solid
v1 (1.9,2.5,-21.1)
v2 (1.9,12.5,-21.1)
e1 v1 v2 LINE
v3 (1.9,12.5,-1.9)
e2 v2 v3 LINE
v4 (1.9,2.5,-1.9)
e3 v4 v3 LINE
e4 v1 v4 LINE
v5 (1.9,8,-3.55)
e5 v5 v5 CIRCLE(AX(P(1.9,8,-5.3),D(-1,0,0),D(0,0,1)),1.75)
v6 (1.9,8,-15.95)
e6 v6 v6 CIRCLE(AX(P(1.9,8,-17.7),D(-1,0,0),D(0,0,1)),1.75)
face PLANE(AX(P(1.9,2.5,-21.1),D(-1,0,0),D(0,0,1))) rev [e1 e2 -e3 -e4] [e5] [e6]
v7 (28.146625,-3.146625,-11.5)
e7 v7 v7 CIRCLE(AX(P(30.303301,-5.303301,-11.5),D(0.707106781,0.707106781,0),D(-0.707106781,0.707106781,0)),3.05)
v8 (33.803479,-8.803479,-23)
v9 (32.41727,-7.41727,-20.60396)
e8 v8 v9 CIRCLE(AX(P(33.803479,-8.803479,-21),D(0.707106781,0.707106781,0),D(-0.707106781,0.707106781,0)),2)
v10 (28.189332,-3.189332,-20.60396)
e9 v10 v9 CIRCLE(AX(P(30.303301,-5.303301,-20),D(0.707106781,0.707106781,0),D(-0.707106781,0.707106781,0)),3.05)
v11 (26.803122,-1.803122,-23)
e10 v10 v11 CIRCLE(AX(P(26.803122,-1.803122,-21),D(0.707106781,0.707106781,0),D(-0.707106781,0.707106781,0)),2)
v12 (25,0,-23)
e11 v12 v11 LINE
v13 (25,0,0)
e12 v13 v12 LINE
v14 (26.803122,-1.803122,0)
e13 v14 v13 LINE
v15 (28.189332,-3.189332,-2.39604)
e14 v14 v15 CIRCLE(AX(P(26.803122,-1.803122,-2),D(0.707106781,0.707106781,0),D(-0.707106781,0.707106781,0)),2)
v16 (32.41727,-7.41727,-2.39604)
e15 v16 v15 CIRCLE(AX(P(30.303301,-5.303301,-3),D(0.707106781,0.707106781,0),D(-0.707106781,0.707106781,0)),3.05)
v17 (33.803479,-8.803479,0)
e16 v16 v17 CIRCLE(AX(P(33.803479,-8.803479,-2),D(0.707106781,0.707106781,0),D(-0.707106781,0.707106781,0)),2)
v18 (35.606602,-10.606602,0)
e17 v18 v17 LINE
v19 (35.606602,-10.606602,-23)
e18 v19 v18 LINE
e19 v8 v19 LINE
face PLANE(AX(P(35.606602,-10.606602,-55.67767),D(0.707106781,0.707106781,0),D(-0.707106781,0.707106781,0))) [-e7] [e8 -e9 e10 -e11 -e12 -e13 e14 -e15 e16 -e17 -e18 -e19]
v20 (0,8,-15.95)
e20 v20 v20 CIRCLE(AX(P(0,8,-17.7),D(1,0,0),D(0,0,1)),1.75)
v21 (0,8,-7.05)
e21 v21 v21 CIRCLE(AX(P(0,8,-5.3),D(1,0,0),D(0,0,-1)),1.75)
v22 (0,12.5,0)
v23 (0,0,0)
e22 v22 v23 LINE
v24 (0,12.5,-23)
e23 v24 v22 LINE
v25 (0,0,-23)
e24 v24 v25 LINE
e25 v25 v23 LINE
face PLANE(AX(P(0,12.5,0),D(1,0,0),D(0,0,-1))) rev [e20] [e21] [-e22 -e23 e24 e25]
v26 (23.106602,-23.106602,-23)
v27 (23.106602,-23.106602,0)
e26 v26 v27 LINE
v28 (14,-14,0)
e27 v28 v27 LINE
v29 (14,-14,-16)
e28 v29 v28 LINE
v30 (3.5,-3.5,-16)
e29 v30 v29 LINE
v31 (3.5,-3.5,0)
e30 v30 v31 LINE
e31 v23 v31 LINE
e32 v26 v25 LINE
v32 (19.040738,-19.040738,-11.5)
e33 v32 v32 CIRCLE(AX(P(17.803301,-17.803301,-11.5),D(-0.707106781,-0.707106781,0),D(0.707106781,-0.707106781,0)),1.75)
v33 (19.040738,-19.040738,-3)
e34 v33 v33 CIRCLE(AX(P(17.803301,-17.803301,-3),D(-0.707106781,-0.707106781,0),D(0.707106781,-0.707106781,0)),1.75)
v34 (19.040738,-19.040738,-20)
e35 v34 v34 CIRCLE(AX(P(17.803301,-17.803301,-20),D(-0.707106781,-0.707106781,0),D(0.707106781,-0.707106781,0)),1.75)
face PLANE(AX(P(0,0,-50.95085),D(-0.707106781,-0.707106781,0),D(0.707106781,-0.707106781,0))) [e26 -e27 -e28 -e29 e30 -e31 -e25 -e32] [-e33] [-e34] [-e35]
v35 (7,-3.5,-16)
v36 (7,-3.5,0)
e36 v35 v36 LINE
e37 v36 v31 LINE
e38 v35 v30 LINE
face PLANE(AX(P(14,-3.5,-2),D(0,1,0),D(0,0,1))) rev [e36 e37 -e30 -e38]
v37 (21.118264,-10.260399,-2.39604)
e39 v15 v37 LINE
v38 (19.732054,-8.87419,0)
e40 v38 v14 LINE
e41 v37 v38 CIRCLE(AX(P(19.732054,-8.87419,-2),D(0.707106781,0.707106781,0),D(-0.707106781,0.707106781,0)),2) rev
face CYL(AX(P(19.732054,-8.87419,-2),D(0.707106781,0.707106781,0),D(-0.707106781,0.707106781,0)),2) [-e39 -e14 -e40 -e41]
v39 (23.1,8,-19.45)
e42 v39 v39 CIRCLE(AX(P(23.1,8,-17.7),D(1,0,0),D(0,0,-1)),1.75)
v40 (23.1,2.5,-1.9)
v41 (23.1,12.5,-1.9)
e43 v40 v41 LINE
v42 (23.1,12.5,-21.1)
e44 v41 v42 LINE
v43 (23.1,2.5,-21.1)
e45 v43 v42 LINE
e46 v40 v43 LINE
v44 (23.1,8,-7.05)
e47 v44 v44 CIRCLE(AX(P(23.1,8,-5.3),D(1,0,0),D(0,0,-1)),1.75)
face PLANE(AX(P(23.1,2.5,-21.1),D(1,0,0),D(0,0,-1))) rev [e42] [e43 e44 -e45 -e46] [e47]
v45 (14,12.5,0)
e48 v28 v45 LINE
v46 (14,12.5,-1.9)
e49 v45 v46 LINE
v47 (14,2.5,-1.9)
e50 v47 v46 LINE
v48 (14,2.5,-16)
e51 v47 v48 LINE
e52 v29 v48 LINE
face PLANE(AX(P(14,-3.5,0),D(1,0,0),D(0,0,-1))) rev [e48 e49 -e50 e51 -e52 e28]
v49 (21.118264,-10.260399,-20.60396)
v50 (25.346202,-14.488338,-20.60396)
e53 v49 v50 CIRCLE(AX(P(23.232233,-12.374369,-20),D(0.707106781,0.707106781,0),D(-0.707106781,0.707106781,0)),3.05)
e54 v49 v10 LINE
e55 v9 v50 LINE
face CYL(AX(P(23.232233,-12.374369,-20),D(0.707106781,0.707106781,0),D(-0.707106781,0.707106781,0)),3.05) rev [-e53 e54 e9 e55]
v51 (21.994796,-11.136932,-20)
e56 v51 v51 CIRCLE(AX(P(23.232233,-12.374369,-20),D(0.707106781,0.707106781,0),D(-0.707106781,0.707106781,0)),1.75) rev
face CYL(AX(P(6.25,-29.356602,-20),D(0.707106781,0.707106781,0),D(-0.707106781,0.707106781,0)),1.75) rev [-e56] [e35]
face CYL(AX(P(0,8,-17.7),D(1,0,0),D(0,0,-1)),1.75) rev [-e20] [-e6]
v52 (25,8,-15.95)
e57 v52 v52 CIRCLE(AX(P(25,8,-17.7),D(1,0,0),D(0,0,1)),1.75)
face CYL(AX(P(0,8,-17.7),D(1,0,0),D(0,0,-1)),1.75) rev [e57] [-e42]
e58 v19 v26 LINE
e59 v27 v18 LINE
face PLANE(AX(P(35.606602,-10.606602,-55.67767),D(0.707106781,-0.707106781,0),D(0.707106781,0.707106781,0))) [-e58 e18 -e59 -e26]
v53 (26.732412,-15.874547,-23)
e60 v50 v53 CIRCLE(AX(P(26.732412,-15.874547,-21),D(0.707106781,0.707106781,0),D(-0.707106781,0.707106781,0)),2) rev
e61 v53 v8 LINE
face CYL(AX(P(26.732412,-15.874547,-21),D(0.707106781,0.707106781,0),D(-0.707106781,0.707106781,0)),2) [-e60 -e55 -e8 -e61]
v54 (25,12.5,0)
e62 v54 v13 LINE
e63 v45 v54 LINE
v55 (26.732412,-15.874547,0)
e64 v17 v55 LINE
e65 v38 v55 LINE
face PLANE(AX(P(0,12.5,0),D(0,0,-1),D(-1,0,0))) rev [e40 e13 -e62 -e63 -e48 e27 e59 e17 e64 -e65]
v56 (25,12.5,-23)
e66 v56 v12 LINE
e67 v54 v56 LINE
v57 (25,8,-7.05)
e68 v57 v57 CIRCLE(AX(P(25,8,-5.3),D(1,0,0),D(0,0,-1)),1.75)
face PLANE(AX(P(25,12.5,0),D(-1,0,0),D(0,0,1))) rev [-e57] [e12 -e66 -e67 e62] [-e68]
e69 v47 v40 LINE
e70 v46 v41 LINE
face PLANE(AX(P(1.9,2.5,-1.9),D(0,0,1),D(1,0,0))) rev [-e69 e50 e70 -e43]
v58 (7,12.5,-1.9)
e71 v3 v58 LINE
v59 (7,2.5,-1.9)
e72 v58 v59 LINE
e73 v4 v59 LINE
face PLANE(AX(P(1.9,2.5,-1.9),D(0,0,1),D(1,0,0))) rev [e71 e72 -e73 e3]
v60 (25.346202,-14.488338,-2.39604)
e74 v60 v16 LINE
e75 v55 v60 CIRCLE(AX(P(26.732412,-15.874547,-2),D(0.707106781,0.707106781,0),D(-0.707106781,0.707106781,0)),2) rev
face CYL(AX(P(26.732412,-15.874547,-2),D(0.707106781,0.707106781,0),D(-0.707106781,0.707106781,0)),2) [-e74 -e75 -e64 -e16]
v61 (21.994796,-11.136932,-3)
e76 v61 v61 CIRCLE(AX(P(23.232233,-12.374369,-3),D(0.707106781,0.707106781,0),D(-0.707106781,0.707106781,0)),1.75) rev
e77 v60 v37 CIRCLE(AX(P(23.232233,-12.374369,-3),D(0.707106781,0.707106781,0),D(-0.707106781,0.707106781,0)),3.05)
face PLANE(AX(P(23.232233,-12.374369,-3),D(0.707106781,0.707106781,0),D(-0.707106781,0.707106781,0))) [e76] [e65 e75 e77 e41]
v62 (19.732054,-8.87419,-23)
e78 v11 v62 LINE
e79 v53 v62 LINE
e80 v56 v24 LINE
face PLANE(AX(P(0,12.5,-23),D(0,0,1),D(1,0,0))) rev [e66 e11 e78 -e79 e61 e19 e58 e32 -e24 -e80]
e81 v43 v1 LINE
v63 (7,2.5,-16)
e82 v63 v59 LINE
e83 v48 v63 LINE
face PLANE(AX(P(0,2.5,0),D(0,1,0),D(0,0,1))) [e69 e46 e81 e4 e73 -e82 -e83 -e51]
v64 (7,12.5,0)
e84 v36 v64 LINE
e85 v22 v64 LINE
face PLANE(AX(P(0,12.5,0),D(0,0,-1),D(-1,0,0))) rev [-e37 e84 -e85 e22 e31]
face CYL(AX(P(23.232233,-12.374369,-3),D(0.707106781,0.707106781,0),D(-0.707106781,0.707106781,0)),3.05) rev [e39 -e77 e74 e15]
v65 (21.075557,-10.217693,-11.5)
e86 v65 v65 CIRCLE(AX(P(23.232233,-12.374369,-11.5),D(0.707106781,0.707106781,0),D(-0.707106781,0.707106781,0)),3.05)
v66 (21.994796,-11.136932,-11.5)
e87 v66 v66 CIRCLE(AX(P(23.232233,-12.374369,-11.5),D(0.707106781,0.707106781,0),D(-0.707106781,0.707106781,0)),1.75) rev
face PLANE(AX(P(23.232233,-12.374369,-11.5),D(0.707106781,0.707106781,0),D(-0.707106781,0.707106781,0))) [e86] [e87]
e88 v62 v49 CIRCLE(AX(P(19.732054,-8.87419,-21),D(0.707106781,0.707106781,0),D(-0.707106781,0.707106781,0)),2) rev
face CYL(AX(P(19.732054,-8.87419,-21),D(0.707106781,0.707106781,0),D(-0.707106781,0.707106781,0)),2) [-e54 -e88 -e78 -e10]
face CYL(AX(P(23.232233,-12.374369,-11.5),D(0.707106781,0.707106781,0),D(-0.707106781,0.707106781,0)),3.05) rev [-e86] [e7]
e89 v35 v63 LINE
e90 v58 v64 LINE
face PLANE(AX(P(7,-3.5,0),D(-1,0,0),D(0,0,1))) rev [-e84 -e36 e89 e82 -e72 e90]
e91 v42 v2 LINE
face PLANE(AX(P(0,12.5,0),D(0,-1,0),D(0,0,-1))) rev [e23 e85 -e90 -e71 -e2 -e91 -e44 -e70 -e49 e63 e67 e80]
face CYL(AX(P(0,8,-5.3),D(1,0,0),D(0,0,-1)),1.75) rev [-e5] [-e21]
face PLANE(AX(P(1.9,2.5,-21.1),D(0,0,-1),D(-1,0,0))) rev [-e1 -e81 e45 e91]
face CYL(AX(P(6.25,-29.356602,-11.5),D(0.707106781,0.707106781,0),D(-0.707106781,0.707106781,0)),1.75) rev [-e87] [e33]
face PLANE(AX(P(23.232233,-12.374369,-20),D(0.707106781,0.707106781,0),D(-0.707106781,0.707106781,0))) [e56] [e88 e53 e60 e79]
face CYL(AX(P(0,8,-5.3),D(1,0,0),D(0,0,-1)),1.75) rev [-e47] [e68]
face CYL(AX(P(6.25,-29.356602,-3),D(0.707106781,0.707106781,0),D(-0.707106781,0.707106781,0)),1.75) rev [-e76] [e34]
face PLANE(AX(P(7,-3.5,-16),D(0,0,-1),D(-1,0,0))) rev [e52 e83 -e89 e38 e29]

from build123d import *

# Parameters (mm, degrees)
SKETCH1_W           = 25
SKETCH1_H           = 23
BOSS_EXTRUDE1_DEPTH = 12.5
SKETCH4_W           = 21.2
SKETCH4_H           = 19.2
CUT_EXTRUDE2_DEPTH  = 10
BOSS_EXTRUDE2_DEPTH = 23
SKETCH2_W           = 7
SKETCH2_H           = 16
CUT_EXTRUDE1_DEPTH  = 16
BOSS_EXTRUDE3_DEPTH = 23
SKETCH7_R           = 1.75
CUT_EXTRUDE3_DEPTH  = 35.016504294
SKETCH8_R           = 3.05
CUT_EXTRUDE8_DEPTH  = 10
FILLET1_R           = 2
CUT_EXTRUDE9_DEPTH  = 2
SKETCH11_R          = 1.75
CUT_EXTRUDE10_DEPTH = 26
CUT_EXTRUDE11_DEPTH = 14


with BuildPart() as part:
    # Sketch1 → Boss-Extrude1 (new body)
    with BuildSketch(Plane(origin=(0, 0, 0), x_dir=(1, 0, 0), z_dir=(0, 1, 0))):
        with Locations((12.5, 11.5)):
            Rectangle(SKETCH1_W, SKETCH1_H)
    extrude(amount=BOSS_EXTRUDE1_DEPTH)

    # Sketch4 → Cut-Extrude2 (cut)
    with BuildSketch(Plane(origin=(0, 12.5, 0), x_dir=(1, 0, 0), z_dir=(0, 1, 0))):
        with Locations((12.5, 11.5)):
            Rectangle(SKETCH4_W, SKETCH4_H)
    extrude(amount=-CUT_EXTRUDE2_DEPTH, mode=Mode.SUBTRACT)

    # Sketch5 → Boss-Extrude2 (add)
    with BuildSketch(Plane.XY):
        Polygon((25, 0), (12.5, -12.5), (0, 0), align=None)
    extrude(amount=-BOSS_EXTRUDE2_DEPTH)

    # Sketch2 → Cut-Extrude1 (cut)
    with BuildSketch(Plane(origin=(0, 12.5, 0), x_dir=(1, 0, 0), z_dir=(0, 1, 0))):
        with Locations((10.5, 8)):
            Rectangle(SKETCH2_W, SKETCH2_H)
    extrude(amount=-CUT_EXTRUDE1_DEPTH, mode=Mode.SUBTRACT)

    # Sketch6 → Boss-Extrude3 (add)
    with BuildSketch(Plane.XY):
        Polygon((35.606601718, -10.606601718), (25, 0), (12.5, -12.5), (23.106601718, -23.106601718), align=None)
    extrude(amount=-BOSS_EXTRUDE3_DEPTH)

    # Sketch7 → Cut-Extrude3 (cut, through all)
    with BuildSketch(Plane(origin=(12.5, 12.5, 0), x_dir=(0, 0, -1), z_dir=(0.707106781, 0.707106781, 0))):
        with Locations((20, -25.17766953)):
            Circle(SKETCH7_R)
        with Locations((3, -25.17766953)):
            Circle(SKETCH7_R)
        with Locations((11.5, -25.17766953)):
            Circle(SKETCH7_R)
    extrude(amount=-CUT_EXTRUDE3_DEPTH, mode=Mode.SUBTRACT)

    # Sketch8 → Cut-Extrude8 (cut)
    with BuildSketch(Plane(origin=(12.5, 12.5, 0), x_dir=(0, 0, -1), z_dir=(0.707106781, 0.707106781, 0))):
        with Locations((20, -25.17766953)):
            Circle(SKETCH8_R)
        with Locations((11.5, -25.17766953)):
            Circle(SKETCH8_R)
        with Locations((3, -25.17766953)):
            Circle(SKETCH8_R)
    extrude(amount=-CUT_EXTRUDE8_DEPTH, mode=Mode.SUBTRACT)

    # Fillet1
    fillet1_edges = [part.edges().sort_by_distance(p)[0] for p in [
        (26.378858223, -8.449926035, 0),
        (27.156675683, -9.227743494, 0),
        (27.156675683, -9.227743494, -23),
        (26.378858223, -8.449926035, -23),
    ]]
    fillet(fillet1_edges, radius=FILLET1_R)

    # Sketch9 → Cut-Extrude9 (cut)
    with BuildSketch(Plane.XY):
        Polygon((7, -7), (14, -14), (14, -3.5), (7, -3.5), (3.5, -3.5), align=None)
    extrude(amount=-CUT_EXTRUDE9_DEPTH, mode=Mode.SUBTRACT)

    # Sketch11 → Cut-Extrude10 (cut, through all)
    with BuildSketch(Plane(origin=(25, 0, 0), x_dir=(0, 0, -1), z_dir=(1, 0, 0))):
        with Locations((5.3, 8)):
            Circle(SKETCH11_R)
        with Locations((17.7, 8)):
            Circle(SKETCH11_R)
    extrude(amount=-CUT_EXTRUDE10_DEPTH, mode=Mode.SUBTRACT)

    # Sketch12 → Cut-Extrude11 (cut)
    with BuildSketch(Plane.XY.offset(-2)):
        Polygon((3.5, -3.5), (14, -3.5), (14, -14), align=None)
    extrude(amount=-CUT_EXTRUDE11_DEPTH, mode=Mode.SUBTRACT)


solid = part.part
